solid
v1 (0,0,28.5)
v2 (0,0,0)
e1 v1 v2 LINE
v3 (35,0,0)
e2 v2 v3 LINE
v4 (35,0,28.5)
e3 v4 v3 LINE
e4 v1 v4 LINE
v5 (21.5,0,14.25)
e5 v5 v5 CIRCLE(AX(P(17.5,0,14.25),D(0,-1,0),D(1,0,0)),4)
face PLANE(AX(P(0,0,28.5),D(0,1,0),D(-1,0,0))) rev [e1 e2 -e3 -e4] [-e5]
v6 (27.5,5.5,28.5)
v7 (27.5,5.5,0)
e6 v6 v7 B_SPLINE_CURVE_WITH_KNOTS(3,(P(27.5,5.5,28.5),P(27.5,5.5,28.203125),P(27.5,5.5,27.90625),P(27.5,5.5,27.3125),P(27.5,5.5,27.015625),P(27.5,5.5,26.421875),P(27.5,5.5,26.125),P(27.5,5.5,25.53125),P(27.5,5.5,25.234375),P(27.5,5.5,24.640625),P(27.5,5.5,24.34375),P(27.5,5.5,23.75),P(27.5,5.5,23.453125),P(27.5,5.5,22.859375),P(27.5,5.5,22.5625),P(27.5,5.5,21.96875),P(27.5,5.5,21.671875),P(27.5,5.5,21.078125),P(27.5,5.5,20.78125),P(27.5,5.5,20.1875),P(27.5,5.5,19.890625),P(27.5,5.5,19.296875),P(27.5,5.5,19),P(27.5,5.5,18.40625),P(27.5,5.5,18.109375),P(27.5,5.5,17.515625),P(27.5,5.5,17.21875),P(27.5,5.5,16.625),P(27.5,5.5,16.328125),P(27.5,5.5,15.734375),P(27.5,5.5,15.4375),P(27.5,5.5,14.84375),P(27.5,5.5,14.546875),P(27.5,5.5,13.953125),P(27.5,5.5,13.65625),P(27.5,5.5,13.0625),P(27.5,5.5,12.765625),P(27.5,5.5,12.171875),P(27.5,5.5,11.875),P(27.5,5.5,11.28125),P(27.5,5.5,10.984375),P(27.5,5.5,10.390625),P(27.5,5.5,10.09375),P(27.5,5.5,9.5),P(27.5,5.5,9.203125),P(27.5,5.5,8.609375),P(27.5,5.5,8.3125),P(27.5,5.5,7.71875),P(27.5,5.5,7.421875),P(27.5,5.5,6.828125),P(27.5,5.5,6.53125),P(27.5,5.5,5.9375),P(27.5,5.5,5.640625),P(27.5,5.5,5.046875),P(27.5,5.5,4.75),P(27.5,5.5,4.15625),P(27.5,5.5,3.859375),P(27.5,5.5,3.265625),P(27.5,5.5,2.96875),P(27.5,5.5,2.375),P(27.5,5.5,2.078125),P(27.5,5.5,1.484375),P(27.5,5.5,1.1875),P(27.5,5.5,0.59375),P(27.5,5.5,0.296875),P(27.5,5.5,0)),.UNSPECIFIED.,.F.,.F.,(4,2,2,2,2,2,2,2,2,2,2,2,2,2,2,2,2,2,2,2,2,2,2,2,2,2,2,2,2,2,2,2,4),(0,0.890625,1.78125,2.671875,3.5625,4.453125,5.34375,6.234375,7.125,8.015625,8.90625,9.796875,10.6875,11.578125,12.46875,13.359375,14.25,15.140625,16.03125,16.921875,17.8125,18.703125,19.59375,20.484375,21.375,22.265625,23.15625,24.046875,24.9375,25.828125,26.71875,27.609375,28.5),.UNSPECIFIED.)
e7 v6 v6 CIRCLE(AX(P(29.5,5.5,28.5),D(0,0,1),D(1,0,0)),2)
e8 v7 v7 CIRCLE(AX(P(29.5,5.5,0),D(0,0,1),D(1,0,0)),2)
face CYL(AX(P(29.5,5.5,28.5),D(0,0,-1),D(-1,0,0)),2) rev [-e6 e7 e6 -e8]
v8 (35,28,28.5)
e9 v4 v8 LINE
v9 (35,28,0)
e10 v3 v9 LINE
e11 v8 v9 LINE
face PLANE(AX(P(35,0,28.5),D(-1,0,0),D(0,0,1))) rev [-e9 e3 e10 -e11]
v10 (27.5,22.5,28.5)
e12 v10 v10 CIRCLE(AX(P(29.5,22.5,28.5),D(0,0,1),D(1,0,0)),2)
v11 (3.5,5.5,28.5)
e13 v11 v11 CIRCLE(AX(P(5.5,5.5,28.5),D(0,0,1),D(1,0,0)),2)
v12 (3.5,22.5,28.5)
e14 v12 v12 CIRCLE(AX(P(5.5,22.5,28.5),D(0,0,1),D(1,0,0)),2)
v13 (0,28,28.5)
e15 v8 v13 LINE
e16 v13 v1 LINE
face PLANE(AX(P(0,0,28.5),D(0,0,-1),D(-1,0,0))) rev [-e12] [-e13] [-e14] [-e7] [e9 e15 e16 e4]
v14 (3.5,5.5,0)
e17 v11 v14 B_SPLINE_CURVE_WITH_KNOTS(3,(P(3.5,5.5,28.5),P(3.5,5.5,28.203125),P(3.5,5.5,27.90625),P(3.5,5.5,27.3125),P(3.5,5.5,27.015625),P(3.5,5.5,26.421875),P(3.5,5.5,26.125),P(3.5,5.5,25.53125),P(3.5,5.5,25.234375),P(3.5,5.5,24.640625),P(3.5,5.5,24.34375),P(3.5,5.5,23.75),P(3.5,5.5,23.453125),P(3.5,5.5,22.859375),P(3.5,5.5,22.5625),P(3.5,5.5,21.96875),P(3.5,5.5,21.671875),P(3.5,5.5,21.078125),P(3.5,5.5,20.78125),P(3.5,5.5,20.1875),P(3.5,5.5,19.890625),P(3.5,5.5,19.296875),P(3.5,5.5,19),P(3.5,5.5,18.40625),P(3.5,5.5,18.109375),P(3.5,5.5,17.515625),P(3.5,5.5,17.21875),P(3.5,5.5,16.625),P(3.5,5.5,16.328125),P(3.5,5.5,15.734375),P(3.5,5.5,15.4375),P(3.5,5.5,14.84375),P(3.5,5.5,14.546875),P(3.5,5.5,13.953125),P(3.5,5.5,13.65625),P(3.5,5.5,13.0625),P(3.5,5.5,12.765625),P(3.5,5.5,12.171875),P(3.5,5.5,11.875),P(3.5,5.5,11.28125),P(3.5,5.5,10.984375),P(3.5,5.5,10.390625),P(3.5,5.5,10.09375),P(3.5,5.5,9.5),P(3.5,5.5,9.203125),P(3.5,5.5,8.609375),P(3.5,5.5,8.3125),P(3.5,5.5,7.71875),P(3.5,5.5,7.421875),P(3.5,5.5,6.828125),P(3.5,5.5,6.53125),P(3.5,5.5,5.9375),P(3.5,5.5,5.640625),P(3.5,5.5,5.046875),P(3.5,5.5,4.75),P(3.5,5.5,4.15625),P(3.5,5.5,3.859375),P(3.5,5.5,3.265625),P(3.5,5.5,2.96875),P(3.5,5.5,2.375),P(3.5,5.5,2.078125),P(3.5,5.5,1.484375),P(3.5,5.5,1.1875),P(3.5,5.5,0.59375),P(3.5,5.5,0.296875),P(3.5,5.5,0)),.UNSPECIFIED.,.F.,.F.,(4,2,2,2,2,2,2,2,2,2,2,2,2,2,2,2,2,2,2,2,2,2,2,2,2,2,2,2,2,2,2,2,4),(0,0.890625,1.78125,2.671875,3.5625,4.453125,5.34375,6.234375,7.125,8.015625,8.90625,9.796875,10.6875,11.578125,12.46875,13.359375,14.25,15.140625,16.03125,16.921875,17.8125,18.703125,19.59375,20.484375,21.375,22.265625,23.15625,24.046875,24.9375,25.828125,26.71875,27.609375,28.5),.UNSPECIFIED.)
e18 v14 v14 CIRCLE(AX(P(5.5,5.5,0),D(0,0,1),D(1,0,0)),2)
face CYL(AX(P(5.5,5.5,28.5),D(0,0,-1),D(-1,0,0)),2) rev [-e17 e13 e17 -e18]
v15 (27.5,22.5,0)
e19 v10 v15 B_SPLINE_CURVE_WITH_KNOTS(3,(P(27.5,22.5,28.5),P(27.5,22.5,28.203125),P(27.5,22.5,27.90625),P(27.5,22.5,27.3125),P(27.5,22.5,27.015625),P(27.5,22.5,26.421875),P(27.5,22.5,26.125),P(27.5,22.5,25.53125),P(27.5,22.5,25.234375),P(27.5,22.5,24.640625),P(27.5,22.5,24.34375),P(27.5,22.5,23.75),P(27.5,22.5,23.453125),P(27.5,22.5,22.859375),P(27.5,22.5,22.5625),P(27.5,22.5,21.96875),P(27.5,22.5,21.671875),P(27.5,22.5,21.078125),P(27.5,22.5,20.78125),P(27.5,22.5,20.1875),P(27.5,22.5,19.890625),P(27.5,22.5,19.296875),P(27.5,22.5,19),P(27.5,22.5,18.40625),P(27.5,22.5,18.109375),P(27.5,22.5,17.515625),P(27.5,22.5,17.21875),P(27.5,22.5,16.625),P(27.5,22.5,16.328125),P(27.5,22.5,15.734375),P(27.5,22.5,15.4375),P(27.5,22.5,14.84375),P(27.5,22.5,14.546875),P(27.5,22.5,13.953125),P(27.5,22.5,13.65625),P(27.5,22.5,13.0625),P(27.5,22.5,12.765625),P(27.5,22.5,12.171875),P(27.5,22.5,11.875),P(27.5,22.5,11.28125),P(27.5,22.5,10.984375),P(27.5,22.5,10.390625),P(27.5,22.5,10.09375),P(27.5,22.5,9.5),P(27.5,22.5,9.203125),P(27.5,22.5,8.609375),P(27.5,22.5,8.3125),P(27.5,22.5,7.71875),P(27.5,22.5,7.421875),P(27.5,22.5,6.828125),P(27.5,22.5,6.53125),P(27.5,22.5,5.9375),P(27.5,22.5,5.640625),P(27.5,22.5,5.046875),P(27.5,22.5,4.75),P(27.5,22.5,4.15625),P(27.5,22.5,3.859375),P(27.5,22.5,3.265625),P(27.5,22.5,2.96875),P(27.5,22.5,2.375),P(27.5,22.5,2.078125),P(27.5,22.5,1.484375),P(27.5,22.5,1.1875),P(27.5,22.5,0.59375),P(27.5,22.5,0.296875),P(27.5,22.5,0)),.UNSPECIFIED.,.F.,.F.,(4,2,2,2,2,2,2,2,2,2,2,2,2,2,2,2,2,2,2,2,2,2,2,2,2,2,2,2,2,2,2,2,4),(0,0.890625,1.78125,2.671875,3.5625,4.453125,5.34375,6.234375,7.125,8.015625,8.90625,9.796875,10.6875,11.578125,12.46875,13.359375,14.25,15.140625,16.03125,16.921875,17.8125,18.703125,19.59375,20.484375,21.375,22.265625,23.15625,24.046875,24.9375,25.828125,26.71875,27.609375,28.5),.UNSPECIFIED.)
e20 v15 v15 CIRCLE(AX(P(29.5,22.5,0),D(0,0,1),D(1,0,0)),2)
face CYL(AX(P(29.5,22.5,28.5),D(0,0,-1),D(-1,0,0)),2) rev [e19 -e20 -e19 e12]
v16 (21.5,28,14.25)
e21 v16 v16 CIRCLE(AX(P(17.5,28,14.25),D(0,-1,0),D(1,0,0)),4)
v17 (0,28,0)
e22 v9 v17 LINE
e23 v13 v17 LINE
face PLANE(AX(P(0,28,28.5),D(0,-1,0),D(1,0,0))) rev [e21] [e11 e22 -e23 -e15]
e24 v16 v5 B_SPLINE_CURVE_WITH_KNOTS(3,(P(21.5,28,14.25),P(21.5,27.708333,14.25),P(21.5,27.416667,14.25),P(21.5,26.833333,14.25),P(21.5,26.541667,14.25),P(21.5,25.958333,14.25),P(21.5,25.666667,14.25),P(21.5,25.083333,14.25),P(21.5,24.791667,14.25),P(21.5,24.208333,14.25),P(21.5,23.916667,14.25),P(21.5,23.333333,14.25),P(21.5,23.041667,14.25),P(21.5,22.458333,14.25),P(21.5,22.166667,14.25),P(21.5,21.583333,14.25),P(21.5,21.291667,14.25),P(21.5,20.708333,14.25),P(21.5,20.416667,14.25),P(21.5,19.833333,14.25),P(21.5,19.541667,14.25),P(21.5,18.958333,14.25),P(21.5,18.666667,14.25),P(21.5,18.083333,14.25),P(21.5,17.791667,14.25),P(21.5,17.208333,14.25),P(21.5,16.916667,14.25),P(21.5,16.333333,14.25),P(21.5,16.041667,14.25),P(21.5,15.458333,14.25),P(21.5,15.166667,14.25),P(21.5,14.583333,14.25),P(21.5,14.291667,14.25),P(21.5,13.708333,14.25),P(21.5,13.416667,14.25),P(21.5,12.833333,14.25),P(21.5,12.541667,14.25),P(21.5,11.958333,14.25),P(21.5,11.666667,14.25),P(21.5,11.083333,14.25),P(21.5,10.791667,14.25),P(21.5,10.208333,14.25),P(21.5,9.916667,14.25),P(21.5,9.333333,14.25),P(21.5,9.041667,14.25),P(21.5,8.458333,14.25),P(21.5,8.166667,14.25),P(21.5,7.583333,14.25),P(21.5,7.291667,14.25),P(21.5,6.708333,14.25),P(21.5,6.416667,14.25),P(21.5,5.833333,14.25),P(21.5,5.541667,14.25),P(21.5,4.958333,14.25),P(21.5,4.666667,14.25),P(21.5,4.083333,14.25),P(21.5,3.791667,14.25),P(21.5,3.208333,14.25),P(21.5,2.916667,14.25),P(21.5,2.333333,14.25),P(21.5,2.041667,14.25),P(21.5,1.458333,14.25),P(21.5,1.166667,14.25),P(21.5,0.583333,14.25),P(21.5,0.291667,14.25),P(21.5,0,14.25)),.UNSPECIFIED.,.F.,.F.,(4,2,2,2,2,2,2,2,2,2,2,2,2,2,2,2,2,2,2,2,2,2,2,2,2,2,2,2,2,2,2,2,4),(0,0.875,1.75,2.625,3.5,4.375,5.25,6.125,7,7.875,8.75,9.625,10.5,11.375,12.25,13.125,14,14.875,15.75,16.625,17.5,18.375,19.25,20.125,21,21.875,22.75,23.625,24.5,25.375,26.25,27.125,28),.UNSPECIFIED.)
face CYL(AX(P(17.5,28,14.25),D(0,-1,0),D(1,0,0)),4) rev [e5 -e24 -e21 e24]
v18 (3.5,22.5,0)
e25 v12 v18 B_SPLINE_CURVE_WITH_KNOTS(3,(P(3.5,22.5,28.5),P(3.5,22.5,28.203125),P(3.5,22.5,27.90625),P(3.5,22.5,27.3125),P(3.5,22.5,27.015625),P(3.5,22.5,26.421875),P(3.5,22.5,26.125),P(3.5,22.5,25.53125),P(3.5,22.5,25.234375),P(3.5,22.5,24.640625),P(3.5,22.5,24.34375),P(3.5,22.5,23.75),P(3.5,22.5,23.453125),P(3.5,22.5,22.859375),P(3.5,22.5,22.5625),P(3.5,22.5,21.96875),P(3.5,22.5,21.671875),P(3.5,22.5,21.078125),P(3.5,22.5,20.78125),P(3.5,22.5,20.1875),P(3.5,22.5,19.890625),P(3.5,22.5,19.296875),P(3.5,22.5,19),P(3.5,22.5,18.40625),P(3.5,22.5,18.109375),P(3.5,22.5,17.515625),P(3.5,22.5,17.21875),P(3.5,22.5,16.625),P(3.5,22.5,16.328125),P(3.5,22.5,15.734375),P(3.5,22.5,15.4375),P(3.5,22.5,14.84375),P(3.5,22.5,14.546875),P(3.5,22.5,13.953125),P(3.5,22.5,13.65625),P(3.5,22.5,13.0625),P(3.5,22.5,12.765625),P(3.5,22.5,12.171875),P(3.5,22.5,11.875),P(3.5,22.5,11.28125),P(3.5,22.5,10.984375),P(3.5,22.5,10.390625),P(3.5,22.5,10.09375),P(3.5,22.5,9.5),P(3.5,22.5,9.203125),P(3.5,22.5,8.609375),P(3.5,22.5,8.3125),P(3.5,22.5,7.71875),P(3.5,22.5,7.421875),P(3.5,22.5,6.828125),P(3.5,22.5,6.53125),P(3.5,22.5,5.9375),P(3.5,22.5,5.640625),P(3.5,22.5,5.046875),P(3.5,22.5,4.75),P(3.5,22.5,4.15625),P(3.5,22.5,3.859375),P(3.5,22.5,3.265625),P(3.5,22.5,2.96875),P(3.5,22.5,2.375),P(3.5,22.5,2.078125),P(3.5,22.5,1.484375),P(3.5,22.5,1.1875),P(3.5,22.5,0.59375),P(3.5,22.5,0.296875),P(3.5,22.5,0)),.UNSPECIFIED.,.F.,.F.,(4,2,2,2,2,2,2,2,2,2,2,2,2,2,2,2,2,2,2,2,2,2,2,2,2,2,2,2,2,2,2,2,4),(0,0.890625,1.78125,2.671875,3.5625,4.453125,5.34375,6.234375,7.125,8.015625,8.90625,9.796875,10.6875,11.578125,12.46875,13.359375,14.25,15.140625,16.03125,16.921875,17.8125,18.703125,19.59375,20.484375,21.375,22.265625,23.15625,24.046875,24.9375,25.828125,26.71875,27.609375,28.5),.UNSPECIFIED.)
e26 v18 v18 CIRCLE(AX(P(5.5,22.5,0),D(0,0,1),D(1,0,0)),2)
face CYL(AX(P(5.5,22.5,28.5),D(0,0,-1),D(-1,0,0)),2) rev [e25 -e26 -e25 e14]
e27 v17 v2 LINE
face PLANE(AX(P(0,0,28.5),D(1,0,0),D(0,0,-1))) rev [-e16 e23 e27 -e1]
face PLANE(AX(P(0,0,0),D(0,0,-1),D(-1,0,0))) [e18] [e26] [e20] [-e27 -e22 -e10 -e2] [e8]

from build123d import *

# Parameters (mm, degrees)
SKETCH1_W           = 35
SKETCH1_H           = 28
SKETCH1_R           = 2
BOSS_EXTRUDE1_DEPTH = 28.5
SKETCH2_R           = 4
CUT_EXTRUDE1_DEPTH  = 54.115440316


with BuildPart() as part:
    # Sketch1 → Boss-Extrude1 (new body)
    with BuildSketch(Plane.XY):
        with Locations((17.5, 14)):
            Rectangle(SKETCH1_W, SKETCH1_H)
        with Locations(Location((5.5, 22.5, 0), (0, 0, 180))):
            Circle(SKETCH1_R, mode=Mode.SUBTRACT)
        with Locations(Location((29.5, 22.5, 0), (0, 0, 180))):
            Circle(SKETCH1_R, mode=Mode.SUBTRACT)
        with Locations(Location((5.5, 5.5, 0), (0, 0, 180))):
            Circle(SKETCH1_R, mode=Mode.SUBTRACT)
        with Locations(Location((29.5, 5.5, 0), (0, 0, 180))):
            Circle(SKETCH1_R, mode=Mode.SUBTRACT)
    extrude(amount=BOSS_EXTRUDE1_DEPTH)

    # Sketch2 → Cut-Extrude1 (cut, through all)
    with BuildSketch(Plane.XZ):
        with Locations((17.5, 14.25)):
            Circle(SKETCH2_R)
    extrude(amount=-CUT_EXTRUDE1_DEPTH, mode=Mode.SUBTRACT)


solid = part.part
